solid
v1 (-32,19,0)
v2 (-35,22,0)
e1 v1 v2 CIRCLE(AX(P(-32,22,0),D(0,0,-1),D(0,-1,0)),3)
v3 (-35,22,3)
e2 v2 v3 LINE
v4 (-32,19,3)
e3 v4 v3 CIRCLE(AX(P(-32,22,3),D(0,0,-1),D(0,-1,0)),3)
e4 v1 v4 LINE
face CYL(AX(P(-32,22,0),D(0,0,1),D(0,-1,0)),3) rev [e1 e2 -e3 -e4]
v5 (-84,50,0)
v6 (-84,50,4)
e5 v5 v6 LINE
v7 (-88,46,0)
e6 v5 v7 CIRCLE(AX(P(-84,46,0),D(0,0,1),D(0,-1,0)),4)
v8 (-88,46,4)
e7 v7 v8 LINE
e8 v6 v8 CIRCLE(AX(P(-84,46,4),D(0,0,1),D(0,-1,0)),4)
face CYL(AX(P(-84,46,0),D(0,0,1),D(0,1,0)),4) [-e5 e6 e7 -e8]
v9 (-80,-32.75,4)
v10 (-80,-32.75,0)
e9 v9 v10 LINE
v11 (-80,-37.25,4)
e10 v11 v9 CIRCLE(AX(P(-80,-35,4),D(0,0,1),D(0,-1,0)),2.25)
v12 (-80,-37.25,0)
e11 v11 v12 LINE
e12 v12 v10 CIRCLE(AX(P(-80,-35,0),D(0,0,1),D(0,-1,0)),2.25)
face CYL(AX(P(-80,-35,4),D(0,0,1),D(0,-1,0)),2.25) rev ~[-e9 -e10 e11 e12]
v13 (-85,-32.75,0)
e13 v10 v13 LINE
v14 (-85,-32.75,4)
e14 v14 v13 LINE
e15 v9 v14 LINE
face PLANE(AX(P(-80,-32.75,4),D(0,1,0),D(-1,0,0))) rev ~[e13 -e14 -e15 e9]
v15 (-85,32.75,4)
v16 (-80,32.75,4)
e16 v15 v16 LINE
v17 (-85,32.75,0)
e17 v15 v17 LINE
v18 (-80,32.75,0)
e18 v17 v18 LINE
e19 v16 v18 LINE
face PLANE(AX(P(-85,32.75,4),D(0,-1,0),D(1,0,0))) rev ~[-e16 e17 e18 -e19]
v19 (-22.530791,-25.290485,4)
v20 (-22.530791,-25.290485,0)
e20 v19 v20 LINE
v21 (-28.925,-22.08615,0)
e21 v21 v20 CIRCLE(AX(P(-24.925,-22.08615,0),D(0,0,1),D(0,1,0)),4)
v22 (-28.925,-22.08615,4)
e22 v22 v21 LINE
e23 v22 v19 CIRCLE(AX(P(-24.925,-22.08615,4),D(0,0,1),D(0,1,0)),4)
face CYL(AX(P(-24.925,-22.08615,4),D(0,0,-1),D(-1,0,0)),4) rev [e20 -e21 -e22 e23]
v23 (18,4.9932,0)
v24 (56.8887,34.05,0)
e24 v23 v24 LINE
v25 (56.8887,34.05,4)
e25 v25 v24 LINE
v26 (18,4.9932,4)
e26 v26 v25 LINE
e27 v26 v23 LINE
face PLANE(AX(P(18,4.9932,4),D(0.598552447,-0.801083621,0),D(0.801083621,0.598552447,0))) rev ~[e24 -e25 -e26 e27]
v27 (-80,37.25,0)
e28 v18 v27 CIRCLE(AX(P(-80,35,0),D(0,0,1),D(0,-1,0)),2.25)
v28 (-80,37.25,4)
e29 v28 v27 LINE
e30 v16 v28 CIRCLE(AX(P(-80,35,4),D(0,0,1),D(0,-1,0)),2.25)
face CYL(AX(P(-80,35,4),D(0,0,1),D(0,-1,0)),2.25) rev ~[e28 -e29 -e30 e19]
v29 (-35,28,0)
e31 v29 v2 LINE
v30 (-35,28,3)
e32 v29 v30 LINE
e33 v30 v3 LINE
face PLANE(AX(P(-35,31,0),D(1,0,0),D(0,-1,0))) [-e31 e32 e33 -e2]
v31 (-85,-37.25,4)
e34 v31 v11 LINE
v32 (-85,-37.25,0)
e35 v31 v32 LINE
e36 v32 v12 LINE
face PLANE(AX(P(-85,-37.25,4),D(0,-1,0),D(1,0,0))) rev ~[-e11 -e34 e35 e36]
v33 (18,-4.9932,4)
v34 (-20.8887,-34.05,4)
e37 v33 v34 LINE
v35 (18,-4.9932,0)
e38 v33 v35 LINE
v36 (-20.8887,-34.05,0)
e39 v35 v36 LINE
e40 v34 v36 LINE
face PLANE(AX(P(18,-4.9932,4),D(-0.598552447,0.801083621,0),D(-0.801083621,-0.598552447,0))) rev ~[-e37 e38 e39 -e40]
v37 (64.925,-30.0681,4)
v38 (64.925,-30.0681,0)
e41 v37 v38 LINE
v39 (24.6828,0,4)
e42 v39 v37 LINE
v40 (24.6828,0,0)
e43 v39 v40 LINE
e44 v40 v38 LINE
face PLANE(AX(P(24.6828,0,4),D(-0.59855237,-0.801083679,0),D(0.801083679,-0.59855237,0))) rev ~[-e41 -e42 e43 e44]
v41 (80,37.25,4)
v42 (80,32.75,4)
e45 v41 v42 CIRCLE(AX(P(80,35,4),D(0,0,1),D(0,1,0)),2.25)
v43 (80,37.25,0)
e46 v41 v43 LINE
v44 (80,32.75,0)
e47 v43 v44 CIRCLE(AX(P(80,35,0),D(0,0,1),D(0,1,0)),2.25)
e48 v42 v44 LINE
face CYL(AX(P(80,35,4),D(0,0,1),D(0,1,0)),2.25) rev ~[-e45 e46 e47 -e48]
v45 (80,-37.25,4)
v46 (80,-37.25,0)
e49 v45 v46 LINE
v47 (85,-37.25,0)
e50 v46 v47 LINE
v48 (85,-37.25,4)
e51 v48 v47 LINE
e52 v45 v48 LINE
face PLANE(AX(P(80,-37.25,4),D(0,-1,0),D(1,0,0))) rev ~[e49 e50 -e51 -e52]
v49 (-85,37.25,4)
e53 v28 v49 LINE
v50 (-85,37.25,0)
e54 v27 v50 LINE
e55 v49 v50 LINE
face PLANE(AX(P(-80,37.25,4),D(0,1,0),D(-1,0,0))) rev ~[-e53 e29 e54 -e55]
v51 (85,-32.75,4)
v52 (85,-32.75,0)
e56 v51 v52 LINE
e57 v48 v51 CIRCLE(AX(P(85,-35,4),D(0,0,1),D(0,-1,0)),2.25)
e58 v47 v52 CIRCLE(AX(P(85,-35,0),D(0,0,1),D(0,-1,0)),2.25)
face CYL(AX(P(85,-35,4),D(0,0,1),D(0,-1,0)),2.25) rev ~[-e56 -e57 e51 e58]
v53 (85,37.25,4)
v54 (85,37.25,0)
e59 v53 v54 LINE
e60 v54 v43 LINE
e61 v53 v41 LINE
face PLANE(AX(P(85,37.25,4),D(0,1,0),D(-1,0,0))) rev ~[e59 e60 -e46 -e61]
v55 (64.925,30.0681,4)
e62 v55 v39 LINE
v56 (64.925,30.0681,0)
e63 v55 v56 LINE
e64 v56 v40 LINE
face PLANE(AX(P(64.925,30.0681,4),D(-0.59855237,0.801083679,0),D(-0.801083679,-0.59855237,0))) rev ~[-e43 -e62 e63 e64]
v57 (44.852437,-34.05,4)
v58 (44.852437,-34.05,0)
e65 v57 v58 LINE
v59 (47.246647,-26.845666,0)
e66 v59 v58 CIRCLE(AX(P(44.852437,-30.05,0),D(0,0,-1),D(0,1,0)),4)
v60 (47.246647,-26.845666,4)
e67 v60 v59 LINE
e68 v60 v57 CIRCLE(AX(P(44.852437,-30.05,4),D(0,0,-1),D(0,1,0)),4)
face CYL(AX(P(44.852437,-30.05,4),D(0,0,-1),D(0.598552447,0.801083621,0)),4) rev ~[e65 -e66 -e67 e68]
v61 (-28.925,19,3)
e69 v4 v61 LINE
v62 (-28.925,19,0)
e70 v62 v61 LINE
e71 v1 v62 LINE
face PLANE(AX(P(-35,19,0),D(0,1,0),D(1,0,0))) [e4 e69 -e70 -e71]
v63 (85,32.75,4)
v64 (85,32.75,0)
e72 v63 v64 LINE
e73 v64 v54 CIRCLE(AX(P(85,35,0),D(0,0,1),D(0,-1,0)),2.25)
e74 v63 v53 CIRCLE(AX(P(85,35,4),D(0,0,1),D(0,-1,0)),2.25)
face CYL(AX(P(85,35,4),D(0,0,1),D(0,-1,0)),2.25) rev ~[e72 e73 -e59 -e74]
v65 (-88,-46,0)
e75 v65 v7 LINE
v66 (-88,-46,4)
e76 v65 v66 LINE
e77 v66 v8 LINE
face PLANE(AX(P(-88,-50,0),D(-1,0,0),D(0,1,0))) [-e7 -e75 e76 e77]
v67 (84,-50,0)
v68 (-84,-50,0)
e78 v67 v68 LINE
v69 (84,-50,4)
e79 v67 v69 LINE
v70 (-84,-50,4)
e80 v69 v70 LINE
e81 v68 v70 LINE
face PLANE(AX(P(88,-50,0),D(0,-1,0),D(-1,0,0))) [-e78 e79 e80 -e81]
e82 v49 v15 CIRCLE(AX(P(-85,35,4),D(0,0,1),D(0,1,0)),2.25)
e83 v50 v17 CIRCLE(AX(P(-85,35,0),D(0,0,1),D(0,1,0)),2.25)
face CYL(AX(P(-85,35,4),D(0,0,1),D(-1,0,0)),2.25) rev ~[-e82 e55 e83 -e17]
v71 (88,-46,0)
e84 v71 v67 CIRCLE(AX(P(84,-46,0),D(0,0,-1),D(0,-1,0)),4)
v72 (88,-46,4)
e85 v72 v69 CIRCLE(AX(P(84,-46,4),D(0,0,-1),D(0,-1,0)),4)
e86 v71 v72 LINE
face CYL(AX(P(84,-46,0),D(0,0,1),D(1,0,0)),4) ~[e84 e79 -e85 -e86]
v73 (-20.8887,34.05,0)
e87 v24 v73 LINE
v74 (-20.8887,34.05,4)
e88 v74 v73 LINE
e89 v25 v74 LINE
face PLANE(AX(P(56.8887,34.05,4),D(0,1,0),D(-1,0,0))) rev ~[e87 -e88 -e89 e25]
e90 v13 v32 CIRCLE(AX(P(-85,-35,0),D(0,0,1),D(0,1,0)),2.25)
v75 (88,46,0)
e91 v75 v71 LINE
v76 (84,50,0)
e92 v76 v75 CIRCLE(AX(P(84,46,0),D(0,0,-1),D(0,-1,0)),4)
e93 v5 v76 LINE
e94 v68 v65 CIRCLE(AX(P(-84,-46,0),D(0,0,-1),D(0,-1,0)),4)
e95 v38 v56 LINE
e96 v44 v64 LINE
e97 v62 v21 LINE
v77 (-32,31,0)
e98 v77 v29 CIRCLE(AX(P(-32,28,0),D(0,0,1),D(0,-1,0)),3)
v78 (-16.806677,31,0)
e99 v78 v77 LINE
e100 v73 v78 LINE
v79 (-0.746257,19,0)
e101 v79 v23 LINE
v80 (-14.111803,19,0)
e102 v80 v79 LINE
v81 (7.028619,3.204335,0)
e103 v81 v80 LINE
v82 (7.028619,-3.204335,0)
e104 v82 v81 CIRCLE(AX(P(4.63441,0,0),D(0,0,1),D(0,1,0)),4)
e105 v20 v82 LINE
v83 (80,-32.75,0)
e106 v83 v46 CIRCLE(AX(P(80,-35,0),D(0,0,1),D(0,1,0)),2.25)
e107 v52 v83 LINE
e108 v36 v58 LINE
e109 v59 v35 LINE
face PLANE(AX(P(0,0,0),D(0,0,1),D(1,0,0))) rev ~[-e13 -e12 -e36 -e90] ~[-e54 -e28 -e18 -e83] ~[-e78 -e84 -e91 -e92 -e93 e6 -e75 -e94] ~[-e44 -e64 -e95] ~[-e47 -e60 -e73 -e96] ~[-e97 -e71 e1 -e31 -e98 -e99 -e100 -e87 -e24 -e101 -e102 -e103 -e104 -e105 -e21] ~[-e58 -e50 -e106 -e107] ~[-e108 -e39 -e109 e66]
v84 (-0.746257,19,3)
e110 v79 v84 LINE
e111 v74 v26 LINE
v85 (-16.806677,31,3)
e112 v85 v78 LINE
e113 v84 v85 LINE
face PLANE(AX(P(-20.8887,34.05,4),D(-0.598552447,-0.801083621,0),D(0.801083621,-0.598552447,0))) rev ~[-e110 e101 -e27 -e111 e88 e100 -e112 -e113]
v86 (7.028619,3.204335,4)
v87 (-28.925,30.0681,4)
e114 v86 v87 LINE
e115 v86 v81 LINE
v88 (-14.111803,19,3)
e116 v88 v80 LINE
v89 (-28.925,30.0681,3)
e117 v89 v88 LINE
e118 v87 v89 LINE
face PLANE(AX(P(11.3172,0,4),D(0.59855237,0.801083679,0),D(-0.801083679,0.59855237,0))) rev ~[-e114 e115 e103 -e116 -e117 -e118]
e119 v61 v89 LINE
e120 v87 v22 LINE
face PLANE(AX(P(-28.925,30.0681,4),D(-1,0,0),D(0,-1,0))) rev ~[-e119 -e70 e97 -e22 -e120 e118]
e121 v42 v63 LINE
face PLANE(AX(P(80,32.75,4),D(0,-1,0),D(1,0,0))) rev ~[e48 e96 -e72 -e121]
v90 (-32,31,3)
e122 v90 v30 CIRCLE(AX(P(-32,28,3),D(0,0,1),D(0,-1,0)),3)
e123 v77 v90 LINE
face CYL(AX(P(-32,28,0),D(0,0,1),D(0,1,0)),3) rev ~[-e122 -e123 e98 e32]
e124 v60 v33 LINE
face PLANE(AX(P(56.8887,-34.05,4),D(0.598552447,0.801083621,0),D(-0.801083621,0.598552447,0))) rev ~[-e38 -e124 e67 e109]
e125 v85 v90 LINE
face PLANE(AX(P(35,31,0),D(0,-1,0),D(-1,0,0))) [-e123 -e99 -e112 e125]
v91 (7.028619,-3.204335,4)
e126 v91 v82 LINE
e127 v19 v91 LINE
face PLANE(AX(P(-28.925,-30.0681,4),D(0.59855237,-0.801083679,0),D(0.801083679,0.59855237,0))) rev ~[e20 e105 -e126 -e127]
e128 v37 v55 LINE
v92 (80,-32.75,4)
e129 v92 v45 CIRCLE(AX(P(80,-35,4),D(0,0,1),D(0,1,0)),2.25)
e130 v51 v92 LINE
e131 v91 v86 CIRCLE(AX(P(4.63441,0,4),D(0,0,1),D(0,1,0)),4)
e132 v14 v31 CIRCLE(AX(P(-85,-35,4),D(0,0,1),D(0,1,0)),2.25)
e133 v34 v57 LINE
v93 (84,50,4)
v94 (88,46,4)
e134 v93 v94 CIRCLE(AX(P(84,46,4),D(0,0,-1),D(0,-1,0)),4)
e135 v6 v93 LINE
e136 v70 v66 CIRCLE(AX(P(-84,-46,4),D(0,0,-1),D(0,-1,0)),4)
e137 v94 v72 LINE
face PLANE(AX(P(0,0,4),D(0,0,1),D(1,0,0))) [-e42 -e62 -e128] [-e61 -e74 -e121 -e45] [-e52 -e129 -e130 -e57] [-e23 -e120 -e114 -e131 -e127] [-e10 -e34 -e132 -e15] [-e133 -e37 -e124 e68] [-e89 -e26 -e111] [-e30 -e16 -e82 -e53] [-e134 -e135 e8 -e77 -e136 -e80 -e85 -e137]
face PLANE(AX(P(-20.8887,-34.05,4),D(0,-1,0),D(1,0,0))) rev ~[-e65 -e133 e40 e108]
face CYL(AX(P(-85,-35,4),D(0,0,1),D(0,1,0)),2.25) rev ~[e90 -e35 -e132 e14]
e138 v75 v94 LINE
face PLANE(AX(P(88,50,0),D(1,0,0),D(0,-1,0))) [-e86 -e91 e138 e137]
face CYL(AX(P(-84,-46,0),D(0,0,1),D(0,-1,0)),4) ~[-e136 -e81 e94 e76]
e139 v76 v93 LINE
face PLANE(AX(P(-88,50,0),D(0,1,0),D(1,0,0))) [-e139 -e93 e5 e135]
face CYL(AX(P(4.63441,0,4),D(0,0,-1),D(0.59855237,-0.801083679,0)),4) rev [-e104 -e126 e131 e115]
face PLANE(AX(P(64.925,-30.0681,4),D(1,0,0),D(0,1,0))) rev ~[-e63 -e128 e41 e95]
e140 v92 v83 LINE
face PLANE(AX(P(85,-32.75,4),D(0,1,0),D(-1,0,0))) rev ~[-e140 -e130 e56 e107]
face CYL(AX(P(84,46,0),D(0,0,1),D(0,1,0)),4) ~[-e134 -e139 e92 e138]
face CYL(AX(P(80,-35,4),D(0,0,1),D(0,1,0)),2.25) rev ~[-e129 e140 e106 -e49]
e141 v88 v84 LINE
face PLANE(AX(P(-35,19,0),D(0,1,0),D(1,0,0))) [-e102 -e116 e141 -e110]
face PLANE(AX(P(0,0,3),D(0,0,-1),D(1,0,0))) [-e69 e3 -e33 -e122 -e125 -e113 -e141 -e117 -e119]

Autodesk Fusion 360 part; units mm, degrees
sketch "Sketch5" plane through (0, 0, 4) normal (0, 0, 1) x (-1, 0, 0)
  arc A0 (84, -50) -> (88, -46) centre (84, -46) ccw
  line L0 (88, -46) -> (88, 46)
  arc A1 (88, 46) -> (84, 50) centre (84, 46) ccw
  line L1 (84, 50) -> (-84, 50)
  arc A2 (-84, 50) -> (-88, 46) centre (-84, 46) ccw
  line L2 (-88, 46) -> (-88, -46)
  arc A3 (-88, -46) -> (-84, -50) centre (-84, -46) ccw
  line L3 (-84, -50) -> (84, -50)
  circle A4 centre (69, -43.25) radius 1.425
  circle A5 centre (-69, -43.25) radius 7.5
  circle A6 centre (69, 43.25) radius 7.5
  circle A7 centre (-69, 43.25) radius 7.5
  circle A8 centre (69, -43.25) radius 3.5
  circle A9 centre (-69, -43.25) radius 2.5
  circle A10 centre (-69, 43.25) radius 2.5
  circle A11 centre (69, 43.25) radius 2.5
  line L4 (69, -43.25) -> (-69, -43.25) construction
  line L5 (69, -43.25) -> (69, 43.25) construction
  line L6 (85, -50) -> (85, -42.0241)
  line L7 (85, -42.0241) -> (85, 50) construction
  line L8 (-85, -50) -> (-85, 50) construction
  line L9 (0, -50) -> (0, 50) construction
  circle A12 centre (85, -35) radius 2.25
  circle A13 centre (85, 35) radius 1.425
  circle A14 centre (-85, -35) radius 1.425
  circle A15 centre (-85, 35) radius 1.425
  line L10 (88, 0) -> (-88, 0) construction
  line L11 (85, -35) -> (-85, -35) construction
  line L12 (85, 35) -> (-85, 35) construction
  line L13 (85, -32.75) -> (80, -32.75)
  arc A16 (80, -32.75) -> (80, -37.25) centre (80, -35) ccw
  line L14 (80, -37.25) -> (85, -37.25)
  arc A17 (85, -37.25) -> (85, -32.75) centre (85, -35) ccw
  line L15 (85, -35) -> (80, -35) construction
  line L16 (85, 37.25) -> (80, 37.25)
  arc A18 (80, 37.25) -> (80, 32.75) centre (80, 35) ccw
  line L17 (80, 32.75) -> (85, 32.75)
  arc A19 (85, 32.75) -> (85, 37.25) centre (85, 35) ccw
  line L18 (85, 35) -> (80, 35) construction
  line L19 (-85, -37.25) -> (-80, -37.25)
  arc A20 (-80, -37.25) -> (-80, -32.75) centre (-80, -35) ccw
  line L20 (-80, -32.75) -> (-85, -32.75)
  arc A21 (-85, -32.75) -> (-85, -37.25) centre (-85, -35) ccw
  line L21 (-85, -35) -> (-80, -35) construction
  line L22 (-85, 32.75) -> (-80, 32.75)
  arc A22 (-80, 32.75) -> (-80, 37.25) centre (-80, 35) ccw
  line L23 (-80, 37.25) -> (-85, 37.25)
  arc A23 (-85, 37.25) -> (-85, 32.75) centre (-85, 35) ccw
  line L24 (-85, 35) -> (-80, 35) construction
  point P0 (0, -43.25)
  point P1 (69, 0)
  dimension "d1" = 2.85
  dimension "d2" = 15
  dimension "d3" = 15
  dimension "d4" = 15
  dimension "d5" = 7
  dimension "d6" = 5
  dimension "d7" = 5
  dimension "d8" = 5
  dimension "d9" = 138
  dimension "d10" = 86.5
  dimension "d11" = 4.5
  dimension "d12" = 2.85
  dimension "d13" = 2.85
  dimension "d14" = 2.85
  dimension "d15" = 70
  dimension "d16" = 15
  dimension "d17" = 170
  dimension "d18" = 4.5
  dimension "d19" = 4.5
  dimension "d20" = 5
  dimension "d21" = 4.5
  dimension "d22" = 5
  dimension "d23" = 4.5
sketch "Sketch6" plane through (0, 0, 4) normal (0, 0, 1) x (-1, 0, 0)
  circle A0 centre (85, 35) radius 2.25
  circle A1 centre (-85, 35) radius 2.25
  circle A2 centre (85, -35) radius 2.25
  circle A3 centre (-85, -35) radius 2.25
  arc A4 (-88, -46) -> (-84, -50) centre (-84, -46) ccw
  line L0 (-84, -50) -> (84, -50)
  arc A5 (84, -50) -> (88, -46) centre (84, -46) ccw
  line L1 (88, -46) -> (88, 46)
  arc A6 (88, 46) -> (84, 50) centre (84, 46) ccw
  line L2 (84, 50) -> (-84, 50)
  arc A7 (-84, 50) -> (-88, 46) centre (-84, 46) ccw
  line L3 (-88, 46) -> (-88, -46)
  line L4 (32.925, -38.05) -> (-68.925, -38.05) construction
  line L5 (-68.925, -38.05) -> (-68.925, 38.05) construction
  line L6 (-68.925, 38.05) -> (32.925, 38.05) construction
  line L7 (32.925, 38.05) -> (32.925, -38.05) construction
  circle A8 centre (32.925, -38.05) radius 1.425
  circle A9 centre (32.925, -38.05) radius 3
  circle A10 centre (-68.925, -38.05) radius 1.425
  circle A11 centre (-68.925, -38.05) radius 3
  circle A12 centre (32.925, 38.05) radius 1.425
  circle A13 centre (32.925, 38.05) radius 3
  circle A14 centre (-68.925, 38.05) radius 1.425
  circle A15 centre (-68.925, 38.05) radius 3
  line L8 (22.8962, -40.5575) -> (-22.2991, -40.5575) construction
  line L9 (-22.2991, -40.5575) -> (-22.2991, -50.5575) construction
  line L10 (-22.2991, -50.5575) -> (22.8962, -50.5575) construction
  line L11 (22.8962, -50.5575) -> (22.8962, -40.5575) construction
  line L12 (32.925, -38.05) -> (-68.925, 38.05) construction
  line L13 (-68.925, -38.05) -> (32.925, 38.05) construction
  line L14 (28.925, -30.0681) -> (28.925, 30.0681)
  line L15 (28.925, 30.0681) -> (-11.3172, 0)
  line L16 (-11.3172, 0) -> (28.925, -30.0681)
  line L17 (20.8887, -34.05) -> (-18, -4.9932)
  line L18 (-18, -4.9932) -> (-56.8887, -34.05)
  line L19 (-56.8887, -34.05) -> (20.8887, -34.05)
  line L20 (-64.925, -30.0681) -> (-24.6828, 0)
  line L21 (-24.6828, 0) -> (-64.925, 30.0681)
  line L22 (-64.925, 30.0681) -> (-64.925, -30.0681)
  line L23 (-18, 4.9932) -> (20.8887, 34.05)
  line L24 (20.8887, 34.05) -> (-56.8887, 34.05)
  line L25 (-56.8887, 34.05) -> (-18, 4.9932)
  point P0 (32.925, 0)
  point P1 (0, -38.05)
  point P2 (0, -50)
  point P3 (-18, -38.05)
  dimension "d24" = 101.85
  dimension "d25" = 76.1
  dimension "d26" = 2.85
  dimension "d27" = 2.85
  dimension "d28" = 2.85
  dimension "d29" = 2.85
  dimension "d30" = 6
  dimension "d31" = 6
  dimension "d32" = 6
  dimension "d33" = 6
  dimension "d34" = 4
  dimension "d35" = 4
  dimension "d36" = 4
  dimension "d37" = 4
  dimension "d38" = 4
  dimension "d39" = 4
  dimension "d40" = 4
  dimension "d41" = 4
  dimension "d42" = 70
  dimension "d43" = 88
sketch "Sketch1" plane through (0, 0, 0) normal (0, 0, 1) x (1, 0, 0)
  line L0 (-88, 50) -> (88, 50)
  line L1 (88, 50) -> (88, -50)
  line L2 (88, -50) -> (-88, -50)
  line L3 (-88, -50) -> (-88, 50)
  point P0 (0, 50)
  point P1 (-88, 0)
  dimension "d57" = 176
  dimension "d58" = 100
extrude "Extrude1" add sketch "Sketch1" along normal blind 4
fillet "Fillet2" radius 4 4 edges at (-88, -50, 2) (-88, 50, 2) (88, -50, 2) (88, 50, 2)
extrude "Extrude5" cut sketch "Sketch5" against normal through all contours A12 A17 | A13 | A14 | A15
sketch "Sketch3" plane through (0, 0, 0) normal (0, 0, -1) x (1, 0, 0)
  arc A0 (84, -50) -> (88, -46) centre (84, -46) ccw
  line L0 (88, -46) -> (88, 46)
  arc A1 (88, 46) -> (84, 50) centre (84, 46) ccw
  line L1 (84, 50) -> (-84, 50)
  arc A2 (-84, 50) -> (-88, 46) centre (-84, 46) ccw
  line L2 (-88, 46) -> (-88, -46)
  arc A3 (-88, -46) -> (-84, -50) centre (-84, -46) ccw
  line L3 (-84, -50) -> (84, -50)
  line L4 (-35, -19) -> (35, -19)
  line L5 (35, -19) -> (35, -31)
  line L6 (35, -31) -> (-35, -31)
  line L7 (-35, -31) -> (-35, -19)
  circle A4 centre (-85, 35) radius 1.425
  circle A5 centre (85, 35) radius 1.425
  circle A6 centre (-85, -35) radius 2.25
  circle A7 centre (85, -35) radius 1.425
  line L8 (85, -35) -> (-85, -35) construction
  point P0 (0, -19)
  point P1 (35, -25)
  dimension "d86" = 70
  dimension "d87" = 12
  dimension "d129" = 4
extrude "Extrude4" cut sketch "Sketch3" against normal blind 3 contours L4 L5 L6 L7
fillet "Fillet3" radius 3 4 edges at (-35, 19, 1.5) (-35, 31, 1.5) (35, 31, 1.5) (35, 19, 1.5)
sketch "Sketch4" plane through (1.194, -0.2204, 4) normal (0, 0, 1) x (-1, 0, 0)
  circle A0 centre (86.194, 34.7796) radius 1.425
  circle A1 centre (-83.806, 34.7796) radius 1.425
  circle A2 centre (86.194, -35.2204) radius 2.25
  circle A3 centre (-83.806, -35.2204) radius 1.425
  arc A4 (-86.806, -46.2204) -> (-82.806, -50.2204) centre (-82.806, -46.2204) ccw
  line L0 (-82.806, -50.2204) -> (85.194, -50.2204)
  arc A5 (85.194, -50.2204) -> (89.194, -46.2204) centre (85.194, -46.2204) ccw
  line L1 (89.194, -46.2204) -> (89.194, 45.7796)
  arc A6 (89.194, 45.7796) -> (85.194, 49.7796) centre (85.194, 45.7796) ccw
  line L2 (85.194, 49.7796) -> (-82.806, 49.7796)
  arc A7 (-82.806, 49.7796) -> (-86.806, 45.7796) centre (-82.806, 45.7796) ccw
  line L3 (-86.806, 45.7796) -> (-86.806, -46.2204)
  line L4 (86.194, -32.9704) -> (81.194, -32.9704)
  arc A8 (81.194, -32.9704) -> (81.194, -37.4704) centre (81.194, -35.2204) ccw
  line L5 (81.194, -37.4704) -> (86.194, -37.4704)
  arc A9 (86.194, -37.4704) -> (86.194, -32.9704) centre (86.194, -35.2204) ccw
  line L6 (86.194, -35.2204) -> (81.194, -35.2204) construction
  line L7 (86.194, 37.0296) -> (81.194, 37.0296)
  arc A10 (81.194, 37.0296) -> (81.194, 32.5296) centre (81.194, 34.7796) ccw
  line L8 (81.194, 32.5296) -> (86.194, 32.5296)
  arc A11 (86.194, 32.5296) -> (86.194, 37.0296) centre (86.194, 34.7796) ccw
  line L9 (86.194, 34.7796) -> (81.194, 34.7796) construction
  line L10 (-83.806, -37.4704) -> (-78.806, -37.4704)
  arc A12 (-78.806, -37.4704) -> (-78.806, -32.9704) centre (-78.806, -35.2204) ccw
  line L11 (-78.806, -32.9704) -> (-83.806, -32.9704)
  arc A13 (-83.806, -32.9704) -> (-83.806, -37.4704) centre (-83.806, -35.2204) ccw
  line L12 (-83.806, -35.2204) -> (-78.806, -35.2204) construction
  line L13 (-83.806, 32.5296) -> (-78.806, 32.5296)
  arc A14 (-78.806, 32.5296) -> (-78.806, 37.0296) centre (-78.806, 34.7796) ccw
  line L14 (-78.806, 37.0296) -> (-83.806, 37.0296)
  arc A15 (-83.806, 37.0296) -> (-83.806, 32.5296) centre (-83.806, 34.7796) ccw
  line L15 (-83.806, 34.7796) -> (-78.806, 34.7796) construction
  dimension "d292" = 4.5
  dimension "d293" = 170
  dimension "d294" = 5
  dimension "d295" = 4.5
  dimension "d296" = 4.5
  dimension "d297" = 4.5
  dimension "d298" = 5
extrude "Extrude7" cut sketch "Sketch4" against normal blind 4 contours A2 L4 A8 L5 | L7 A10 L8 A11 | L10 A12 L11 A13 | L13 A14 L14 A15
extrude "Extrude6" cut sketch "Sketch6" against normal through all contours L14 L15 L16 | L17 L18 L19 | L20 L21 L22 | L23 L24 L25
fillet "Fillet4" radius 4 2 edges at (11.3172, 0, 2) (-28.925, -30.0681, 2)
fillet "Fillet5" radius 4 1 edges at (56.8887, -34.05, 2)
equation "d2 = d16"
equation "d3 = d16"
equation "d4 = d16"
equation "d6 = d20"
equation "d7 = d20"
equation "d8 = d20"
equation "d12 = d29"
equation "d13 = d29"
equation "d14 = d29"
